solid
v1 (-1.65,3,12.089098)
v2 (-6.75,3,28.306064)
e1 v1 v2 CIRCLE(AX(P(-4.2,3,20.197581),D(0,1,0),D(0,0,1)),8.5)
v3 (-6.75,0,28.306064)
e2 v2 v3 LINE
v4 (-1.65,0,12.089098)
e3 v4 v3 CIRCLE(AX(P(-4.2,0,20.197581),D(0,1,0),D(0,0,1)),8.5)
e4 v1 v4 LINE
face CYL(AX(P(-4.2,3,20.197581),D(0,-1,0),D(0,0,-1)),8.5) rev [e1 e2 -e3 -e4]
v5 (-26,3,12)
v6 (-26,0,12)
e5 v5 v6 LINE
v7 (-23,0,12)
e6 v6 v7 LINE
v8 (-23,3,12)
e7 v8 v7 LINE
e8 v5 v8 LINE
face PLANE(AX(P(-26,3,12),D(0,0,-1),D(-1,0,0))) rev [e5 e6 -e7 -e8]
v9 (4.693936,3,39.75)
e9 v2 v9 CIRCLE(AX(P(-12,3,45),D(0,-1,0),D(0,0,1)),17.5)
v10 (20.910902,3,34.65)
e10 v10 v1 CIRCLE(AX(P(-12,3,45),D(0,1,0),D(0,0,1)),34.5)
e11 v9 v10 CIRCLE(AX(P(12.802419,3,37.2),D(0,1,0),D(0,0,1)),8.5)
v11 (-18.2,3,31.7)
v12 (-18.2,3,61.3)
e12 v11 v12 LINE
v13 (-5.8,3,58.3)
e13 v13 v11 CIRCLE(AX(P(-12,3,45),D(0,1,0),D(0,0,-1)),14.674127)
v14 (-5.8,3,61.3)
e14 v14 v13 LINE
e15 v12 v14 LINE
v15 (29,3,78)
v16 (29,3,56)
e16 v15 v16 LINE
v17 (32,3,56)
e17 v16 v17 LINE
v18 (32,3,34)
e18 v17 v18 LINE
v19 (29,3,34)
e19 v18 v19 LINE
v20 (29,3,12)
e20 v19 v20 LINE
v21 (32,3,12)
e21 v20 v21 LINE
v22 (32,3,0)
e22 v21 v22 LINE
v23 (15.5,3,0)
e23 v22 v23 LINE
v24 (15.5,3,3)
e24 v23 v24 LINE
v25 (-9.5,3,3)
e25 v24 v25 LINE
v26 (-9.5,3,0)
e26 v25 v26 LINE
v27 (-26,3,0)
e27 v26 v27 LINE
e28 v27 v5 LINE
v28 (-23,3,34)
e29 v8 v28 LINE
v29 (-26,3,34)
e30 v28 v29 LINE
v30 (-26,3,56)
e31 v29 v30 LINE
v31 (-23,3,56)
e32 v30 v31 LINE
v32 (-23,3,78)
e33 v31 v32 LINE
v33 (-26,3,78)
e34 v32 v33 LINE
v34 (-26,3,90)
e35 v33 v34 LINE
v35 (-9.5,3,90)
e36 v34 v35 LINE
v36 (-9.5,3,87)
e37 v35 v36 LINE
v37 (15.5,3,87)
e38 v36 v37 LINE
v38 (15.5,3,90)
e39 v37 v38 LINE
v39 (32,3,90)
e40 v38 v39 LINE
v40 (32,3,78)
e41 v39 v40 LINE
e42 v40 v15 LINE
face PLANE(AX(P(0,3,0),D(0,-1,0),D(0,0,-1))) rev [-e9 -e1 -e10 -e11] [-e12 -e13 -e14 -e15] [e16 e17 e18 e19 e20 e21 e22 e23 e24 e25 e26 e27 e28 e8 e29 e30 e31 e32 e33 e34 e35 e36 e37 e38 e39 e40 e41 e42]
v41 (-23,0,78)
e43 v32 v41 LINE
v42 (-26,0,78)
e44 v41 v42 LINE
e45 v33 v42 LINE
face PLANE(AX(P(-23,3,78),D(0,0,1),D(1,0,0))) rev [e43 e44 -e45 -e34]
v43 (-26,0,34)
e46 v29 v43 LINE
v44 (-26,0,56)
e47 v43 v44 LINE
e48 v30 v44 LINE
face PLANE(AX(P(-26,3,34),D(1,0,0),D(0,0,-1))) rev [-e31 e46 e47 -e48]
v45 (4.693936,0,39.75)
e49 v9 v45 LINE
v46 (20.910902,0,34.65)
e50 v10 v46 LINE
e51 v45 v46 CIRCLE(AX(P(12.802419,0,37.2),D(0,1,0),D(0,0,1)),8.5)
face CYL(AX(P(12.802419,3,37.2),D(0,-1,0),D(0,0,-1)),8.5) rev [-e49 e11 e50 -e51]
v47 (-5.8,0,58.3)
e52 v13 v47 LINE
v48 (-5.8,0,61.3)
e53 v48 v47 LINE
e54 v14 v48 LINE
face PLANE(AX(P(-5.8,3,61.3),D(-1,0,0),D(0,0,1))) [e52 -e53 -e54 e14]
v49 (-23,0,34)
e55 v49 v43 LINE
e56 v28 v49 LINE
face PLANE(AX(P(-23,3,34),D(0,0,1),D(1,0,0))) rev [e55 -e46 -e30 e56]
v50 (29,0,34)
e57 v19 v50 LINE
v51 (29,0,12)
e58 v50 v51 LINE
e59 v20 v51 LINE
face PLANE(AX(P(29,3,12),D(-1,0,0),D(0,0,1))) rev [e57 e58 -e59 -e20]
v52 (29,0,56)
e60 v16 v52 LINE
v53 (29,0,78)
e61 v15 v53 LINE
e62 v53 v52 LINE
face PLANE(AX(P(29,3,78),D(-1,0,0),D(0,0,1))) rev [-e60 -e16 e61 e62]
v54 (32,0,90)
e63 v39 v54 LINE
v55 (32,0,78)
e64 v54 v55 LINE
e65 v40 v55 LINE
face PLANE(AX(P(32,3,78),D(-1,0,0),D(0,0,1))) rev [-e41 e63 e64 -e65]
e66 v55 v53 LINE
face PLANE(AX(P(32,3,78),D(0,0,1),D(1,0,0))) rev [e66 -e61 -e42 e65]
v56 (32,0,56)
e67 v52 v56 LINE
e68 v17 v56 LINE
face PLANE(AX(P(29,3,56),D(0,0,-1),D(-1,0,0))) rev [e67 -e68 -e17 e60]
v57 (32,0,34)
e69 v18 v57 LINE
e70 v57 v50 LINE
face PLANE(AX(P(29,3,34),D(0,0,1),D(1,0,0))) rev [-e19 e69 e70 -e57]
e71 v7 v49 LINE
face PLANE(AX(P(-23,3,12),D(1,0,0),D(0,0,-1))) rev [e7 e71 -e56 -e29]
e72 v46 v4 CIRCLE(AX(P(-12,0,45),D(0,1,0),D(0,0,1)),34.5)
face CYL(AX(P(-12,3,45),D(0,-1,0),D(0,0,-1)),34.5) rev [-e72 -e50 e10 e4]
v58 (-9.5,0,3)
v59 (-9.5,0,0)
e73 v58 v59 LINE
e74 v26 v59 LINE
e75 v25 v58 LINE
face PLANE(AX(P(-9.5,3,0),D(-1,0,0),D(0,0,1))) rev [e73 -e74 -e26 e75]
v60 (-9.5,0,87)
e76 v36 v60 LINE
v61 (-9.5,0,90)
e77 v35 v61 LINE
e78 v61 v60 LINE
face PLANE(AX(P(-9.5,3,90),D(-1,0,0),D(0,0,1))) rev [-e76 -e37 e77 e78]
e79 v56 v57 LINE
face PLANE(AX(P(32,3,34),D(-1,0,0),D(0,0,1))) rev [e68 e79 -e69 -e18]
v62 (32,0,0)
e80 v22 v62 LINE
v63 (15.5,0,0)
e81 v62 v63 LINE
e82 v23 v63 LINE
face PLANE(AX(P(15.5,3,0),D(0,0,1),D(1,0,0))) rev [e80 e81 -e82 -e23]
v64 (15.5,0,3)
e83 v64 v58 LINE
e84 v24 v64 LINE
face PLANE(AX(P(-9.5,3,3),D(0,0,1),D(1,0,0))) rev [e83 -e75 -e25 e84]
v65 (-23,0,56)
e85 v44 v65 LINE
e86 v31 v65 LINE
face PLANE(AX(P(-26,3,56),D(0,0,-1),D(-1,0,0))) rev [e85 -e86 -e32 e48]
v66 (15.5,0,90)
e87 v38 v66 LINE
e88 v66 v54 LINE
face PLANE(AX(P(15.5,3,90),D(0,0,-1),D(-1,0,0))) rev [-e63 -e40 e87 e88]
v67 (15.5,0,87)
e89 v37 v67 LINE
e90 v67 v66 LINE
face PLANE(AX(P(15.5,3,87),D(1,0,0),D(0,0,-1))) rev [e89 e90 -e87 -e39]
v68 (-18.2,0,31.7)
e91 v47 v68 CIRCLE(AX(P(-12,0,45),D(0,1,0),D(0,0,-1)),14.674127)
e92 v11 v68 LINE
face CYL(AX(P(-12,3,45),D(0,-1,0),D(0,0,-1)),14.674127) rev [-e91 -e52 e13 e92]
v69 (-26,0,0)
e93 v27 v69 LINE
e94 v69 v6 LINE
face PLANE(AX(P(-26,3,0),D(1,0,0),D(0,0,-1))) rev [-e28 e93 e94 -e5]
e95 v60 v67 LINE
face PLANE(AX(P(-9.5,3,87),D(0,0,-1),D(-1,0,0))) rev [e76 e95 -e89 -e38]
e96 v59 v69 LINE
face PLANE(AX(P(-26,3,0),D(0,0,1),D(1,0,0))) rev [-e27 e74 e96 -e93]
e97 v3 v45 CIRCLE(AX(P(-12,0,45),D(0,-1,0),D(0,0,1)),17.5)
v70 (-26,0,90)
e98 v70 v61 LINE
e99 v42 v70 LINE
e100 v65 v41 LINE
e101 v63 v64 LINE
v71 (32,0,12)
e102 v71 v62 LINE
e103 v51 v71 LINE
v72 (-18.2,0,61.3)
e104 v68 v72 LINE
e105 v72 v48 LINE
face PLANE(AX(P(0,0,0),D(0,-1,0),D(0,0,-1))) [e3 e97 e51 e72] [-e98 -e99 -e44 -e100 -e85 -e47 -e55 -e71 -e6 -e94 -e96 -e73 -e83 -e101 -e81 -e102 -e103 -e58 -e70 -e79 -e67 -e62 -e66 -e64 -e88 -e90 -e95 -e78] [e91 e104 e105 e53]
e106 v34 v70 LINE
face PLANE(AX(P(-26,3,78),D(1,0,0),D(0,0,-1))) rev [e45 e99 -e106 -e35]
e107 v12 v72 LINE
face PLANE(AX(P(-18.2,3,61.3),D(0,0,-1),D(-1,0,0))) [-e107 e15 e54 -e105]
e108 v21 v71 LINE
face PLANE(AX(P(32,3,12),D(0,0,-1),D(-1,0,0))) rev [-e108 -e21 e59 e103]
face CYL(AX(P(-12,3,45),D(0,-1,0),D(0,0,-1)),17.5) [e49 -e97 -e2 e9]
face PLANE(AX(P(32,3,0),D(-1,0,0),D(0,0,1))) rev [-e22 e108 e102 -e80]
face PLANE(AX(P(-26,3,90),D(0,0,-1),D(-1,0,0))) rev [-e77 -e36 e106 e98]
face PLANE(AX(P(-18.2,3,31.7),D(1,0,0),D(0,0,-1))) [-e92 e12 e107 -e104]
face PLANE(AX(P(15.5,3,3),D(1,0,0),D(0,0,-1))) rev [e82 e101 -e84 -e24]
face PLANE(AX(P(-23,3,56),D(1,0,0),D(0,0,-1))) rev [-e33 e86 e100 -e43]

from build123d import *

# Parameters (mm, degrees)
BOSS_EXTRUDE2_DEPTH = 3


with BuildPart() as part:
    # Sketch4 → Boss-Extrude2 (new body)
    with BuildSketch(Plane(origin=(0, 0, 0), x_dir=(1, 0, 0), z_dir=(0, 1, 0))):
        Polygon((-26, -90), (-9.5, -90), (-9.5, -87), (15.5, -87), (15.5, -90), (32, -90), (32, -78), (29, -78), (29, -56), (32, -56), (32, -34), (29, -34), (29, -12), (32, -12), (32, 0), (15.5, 0), (15.5, -3), (-9.5, -3), (-9.5, 0), (-26, 0), (-26, -12), (-23, -12), (-23, -34), (-26, -34), (-26, -56), (-23, -56), (-23, -78), (-26, -78), align=None)
        with BuildLine():
            Line((-18.2, -61.3), (-5.8, -61.3))
            Line((-5.8, -61.3), (-5.8, -58.3))
            ThreePointArc((-5.8, -58.3), (1.3, -38.8), (-18.2, -31.7))
            Line((-18.2, -31.7), (-18.2, -61.3))
        make_face(mode=Mode.SUBTRACT)
        with BuildLine():
            ThreePointArc((4.693936025, -39.75), (0.374368671, -32.625631329), (-6.75, -28.306063975))
            ThreePointArc((-6.75, -28.306063975), (-12.308483212, -17.647580763), (-1.65, -12.089097551))
            ThreePointArc((-1.65, -12.089097551), (12.395183951, -20.604816049), (20.910902449, -34.65))
            ThreePointArc((20.910902449, -34.65), (15.352419237, -45.308483212), (4.693936025, -39.75))
        make_face(mode=Mode.SUBTRACT)
    extrude(amount=BOSS_EXTRUDE2_DEPTH)


solid = part.part
